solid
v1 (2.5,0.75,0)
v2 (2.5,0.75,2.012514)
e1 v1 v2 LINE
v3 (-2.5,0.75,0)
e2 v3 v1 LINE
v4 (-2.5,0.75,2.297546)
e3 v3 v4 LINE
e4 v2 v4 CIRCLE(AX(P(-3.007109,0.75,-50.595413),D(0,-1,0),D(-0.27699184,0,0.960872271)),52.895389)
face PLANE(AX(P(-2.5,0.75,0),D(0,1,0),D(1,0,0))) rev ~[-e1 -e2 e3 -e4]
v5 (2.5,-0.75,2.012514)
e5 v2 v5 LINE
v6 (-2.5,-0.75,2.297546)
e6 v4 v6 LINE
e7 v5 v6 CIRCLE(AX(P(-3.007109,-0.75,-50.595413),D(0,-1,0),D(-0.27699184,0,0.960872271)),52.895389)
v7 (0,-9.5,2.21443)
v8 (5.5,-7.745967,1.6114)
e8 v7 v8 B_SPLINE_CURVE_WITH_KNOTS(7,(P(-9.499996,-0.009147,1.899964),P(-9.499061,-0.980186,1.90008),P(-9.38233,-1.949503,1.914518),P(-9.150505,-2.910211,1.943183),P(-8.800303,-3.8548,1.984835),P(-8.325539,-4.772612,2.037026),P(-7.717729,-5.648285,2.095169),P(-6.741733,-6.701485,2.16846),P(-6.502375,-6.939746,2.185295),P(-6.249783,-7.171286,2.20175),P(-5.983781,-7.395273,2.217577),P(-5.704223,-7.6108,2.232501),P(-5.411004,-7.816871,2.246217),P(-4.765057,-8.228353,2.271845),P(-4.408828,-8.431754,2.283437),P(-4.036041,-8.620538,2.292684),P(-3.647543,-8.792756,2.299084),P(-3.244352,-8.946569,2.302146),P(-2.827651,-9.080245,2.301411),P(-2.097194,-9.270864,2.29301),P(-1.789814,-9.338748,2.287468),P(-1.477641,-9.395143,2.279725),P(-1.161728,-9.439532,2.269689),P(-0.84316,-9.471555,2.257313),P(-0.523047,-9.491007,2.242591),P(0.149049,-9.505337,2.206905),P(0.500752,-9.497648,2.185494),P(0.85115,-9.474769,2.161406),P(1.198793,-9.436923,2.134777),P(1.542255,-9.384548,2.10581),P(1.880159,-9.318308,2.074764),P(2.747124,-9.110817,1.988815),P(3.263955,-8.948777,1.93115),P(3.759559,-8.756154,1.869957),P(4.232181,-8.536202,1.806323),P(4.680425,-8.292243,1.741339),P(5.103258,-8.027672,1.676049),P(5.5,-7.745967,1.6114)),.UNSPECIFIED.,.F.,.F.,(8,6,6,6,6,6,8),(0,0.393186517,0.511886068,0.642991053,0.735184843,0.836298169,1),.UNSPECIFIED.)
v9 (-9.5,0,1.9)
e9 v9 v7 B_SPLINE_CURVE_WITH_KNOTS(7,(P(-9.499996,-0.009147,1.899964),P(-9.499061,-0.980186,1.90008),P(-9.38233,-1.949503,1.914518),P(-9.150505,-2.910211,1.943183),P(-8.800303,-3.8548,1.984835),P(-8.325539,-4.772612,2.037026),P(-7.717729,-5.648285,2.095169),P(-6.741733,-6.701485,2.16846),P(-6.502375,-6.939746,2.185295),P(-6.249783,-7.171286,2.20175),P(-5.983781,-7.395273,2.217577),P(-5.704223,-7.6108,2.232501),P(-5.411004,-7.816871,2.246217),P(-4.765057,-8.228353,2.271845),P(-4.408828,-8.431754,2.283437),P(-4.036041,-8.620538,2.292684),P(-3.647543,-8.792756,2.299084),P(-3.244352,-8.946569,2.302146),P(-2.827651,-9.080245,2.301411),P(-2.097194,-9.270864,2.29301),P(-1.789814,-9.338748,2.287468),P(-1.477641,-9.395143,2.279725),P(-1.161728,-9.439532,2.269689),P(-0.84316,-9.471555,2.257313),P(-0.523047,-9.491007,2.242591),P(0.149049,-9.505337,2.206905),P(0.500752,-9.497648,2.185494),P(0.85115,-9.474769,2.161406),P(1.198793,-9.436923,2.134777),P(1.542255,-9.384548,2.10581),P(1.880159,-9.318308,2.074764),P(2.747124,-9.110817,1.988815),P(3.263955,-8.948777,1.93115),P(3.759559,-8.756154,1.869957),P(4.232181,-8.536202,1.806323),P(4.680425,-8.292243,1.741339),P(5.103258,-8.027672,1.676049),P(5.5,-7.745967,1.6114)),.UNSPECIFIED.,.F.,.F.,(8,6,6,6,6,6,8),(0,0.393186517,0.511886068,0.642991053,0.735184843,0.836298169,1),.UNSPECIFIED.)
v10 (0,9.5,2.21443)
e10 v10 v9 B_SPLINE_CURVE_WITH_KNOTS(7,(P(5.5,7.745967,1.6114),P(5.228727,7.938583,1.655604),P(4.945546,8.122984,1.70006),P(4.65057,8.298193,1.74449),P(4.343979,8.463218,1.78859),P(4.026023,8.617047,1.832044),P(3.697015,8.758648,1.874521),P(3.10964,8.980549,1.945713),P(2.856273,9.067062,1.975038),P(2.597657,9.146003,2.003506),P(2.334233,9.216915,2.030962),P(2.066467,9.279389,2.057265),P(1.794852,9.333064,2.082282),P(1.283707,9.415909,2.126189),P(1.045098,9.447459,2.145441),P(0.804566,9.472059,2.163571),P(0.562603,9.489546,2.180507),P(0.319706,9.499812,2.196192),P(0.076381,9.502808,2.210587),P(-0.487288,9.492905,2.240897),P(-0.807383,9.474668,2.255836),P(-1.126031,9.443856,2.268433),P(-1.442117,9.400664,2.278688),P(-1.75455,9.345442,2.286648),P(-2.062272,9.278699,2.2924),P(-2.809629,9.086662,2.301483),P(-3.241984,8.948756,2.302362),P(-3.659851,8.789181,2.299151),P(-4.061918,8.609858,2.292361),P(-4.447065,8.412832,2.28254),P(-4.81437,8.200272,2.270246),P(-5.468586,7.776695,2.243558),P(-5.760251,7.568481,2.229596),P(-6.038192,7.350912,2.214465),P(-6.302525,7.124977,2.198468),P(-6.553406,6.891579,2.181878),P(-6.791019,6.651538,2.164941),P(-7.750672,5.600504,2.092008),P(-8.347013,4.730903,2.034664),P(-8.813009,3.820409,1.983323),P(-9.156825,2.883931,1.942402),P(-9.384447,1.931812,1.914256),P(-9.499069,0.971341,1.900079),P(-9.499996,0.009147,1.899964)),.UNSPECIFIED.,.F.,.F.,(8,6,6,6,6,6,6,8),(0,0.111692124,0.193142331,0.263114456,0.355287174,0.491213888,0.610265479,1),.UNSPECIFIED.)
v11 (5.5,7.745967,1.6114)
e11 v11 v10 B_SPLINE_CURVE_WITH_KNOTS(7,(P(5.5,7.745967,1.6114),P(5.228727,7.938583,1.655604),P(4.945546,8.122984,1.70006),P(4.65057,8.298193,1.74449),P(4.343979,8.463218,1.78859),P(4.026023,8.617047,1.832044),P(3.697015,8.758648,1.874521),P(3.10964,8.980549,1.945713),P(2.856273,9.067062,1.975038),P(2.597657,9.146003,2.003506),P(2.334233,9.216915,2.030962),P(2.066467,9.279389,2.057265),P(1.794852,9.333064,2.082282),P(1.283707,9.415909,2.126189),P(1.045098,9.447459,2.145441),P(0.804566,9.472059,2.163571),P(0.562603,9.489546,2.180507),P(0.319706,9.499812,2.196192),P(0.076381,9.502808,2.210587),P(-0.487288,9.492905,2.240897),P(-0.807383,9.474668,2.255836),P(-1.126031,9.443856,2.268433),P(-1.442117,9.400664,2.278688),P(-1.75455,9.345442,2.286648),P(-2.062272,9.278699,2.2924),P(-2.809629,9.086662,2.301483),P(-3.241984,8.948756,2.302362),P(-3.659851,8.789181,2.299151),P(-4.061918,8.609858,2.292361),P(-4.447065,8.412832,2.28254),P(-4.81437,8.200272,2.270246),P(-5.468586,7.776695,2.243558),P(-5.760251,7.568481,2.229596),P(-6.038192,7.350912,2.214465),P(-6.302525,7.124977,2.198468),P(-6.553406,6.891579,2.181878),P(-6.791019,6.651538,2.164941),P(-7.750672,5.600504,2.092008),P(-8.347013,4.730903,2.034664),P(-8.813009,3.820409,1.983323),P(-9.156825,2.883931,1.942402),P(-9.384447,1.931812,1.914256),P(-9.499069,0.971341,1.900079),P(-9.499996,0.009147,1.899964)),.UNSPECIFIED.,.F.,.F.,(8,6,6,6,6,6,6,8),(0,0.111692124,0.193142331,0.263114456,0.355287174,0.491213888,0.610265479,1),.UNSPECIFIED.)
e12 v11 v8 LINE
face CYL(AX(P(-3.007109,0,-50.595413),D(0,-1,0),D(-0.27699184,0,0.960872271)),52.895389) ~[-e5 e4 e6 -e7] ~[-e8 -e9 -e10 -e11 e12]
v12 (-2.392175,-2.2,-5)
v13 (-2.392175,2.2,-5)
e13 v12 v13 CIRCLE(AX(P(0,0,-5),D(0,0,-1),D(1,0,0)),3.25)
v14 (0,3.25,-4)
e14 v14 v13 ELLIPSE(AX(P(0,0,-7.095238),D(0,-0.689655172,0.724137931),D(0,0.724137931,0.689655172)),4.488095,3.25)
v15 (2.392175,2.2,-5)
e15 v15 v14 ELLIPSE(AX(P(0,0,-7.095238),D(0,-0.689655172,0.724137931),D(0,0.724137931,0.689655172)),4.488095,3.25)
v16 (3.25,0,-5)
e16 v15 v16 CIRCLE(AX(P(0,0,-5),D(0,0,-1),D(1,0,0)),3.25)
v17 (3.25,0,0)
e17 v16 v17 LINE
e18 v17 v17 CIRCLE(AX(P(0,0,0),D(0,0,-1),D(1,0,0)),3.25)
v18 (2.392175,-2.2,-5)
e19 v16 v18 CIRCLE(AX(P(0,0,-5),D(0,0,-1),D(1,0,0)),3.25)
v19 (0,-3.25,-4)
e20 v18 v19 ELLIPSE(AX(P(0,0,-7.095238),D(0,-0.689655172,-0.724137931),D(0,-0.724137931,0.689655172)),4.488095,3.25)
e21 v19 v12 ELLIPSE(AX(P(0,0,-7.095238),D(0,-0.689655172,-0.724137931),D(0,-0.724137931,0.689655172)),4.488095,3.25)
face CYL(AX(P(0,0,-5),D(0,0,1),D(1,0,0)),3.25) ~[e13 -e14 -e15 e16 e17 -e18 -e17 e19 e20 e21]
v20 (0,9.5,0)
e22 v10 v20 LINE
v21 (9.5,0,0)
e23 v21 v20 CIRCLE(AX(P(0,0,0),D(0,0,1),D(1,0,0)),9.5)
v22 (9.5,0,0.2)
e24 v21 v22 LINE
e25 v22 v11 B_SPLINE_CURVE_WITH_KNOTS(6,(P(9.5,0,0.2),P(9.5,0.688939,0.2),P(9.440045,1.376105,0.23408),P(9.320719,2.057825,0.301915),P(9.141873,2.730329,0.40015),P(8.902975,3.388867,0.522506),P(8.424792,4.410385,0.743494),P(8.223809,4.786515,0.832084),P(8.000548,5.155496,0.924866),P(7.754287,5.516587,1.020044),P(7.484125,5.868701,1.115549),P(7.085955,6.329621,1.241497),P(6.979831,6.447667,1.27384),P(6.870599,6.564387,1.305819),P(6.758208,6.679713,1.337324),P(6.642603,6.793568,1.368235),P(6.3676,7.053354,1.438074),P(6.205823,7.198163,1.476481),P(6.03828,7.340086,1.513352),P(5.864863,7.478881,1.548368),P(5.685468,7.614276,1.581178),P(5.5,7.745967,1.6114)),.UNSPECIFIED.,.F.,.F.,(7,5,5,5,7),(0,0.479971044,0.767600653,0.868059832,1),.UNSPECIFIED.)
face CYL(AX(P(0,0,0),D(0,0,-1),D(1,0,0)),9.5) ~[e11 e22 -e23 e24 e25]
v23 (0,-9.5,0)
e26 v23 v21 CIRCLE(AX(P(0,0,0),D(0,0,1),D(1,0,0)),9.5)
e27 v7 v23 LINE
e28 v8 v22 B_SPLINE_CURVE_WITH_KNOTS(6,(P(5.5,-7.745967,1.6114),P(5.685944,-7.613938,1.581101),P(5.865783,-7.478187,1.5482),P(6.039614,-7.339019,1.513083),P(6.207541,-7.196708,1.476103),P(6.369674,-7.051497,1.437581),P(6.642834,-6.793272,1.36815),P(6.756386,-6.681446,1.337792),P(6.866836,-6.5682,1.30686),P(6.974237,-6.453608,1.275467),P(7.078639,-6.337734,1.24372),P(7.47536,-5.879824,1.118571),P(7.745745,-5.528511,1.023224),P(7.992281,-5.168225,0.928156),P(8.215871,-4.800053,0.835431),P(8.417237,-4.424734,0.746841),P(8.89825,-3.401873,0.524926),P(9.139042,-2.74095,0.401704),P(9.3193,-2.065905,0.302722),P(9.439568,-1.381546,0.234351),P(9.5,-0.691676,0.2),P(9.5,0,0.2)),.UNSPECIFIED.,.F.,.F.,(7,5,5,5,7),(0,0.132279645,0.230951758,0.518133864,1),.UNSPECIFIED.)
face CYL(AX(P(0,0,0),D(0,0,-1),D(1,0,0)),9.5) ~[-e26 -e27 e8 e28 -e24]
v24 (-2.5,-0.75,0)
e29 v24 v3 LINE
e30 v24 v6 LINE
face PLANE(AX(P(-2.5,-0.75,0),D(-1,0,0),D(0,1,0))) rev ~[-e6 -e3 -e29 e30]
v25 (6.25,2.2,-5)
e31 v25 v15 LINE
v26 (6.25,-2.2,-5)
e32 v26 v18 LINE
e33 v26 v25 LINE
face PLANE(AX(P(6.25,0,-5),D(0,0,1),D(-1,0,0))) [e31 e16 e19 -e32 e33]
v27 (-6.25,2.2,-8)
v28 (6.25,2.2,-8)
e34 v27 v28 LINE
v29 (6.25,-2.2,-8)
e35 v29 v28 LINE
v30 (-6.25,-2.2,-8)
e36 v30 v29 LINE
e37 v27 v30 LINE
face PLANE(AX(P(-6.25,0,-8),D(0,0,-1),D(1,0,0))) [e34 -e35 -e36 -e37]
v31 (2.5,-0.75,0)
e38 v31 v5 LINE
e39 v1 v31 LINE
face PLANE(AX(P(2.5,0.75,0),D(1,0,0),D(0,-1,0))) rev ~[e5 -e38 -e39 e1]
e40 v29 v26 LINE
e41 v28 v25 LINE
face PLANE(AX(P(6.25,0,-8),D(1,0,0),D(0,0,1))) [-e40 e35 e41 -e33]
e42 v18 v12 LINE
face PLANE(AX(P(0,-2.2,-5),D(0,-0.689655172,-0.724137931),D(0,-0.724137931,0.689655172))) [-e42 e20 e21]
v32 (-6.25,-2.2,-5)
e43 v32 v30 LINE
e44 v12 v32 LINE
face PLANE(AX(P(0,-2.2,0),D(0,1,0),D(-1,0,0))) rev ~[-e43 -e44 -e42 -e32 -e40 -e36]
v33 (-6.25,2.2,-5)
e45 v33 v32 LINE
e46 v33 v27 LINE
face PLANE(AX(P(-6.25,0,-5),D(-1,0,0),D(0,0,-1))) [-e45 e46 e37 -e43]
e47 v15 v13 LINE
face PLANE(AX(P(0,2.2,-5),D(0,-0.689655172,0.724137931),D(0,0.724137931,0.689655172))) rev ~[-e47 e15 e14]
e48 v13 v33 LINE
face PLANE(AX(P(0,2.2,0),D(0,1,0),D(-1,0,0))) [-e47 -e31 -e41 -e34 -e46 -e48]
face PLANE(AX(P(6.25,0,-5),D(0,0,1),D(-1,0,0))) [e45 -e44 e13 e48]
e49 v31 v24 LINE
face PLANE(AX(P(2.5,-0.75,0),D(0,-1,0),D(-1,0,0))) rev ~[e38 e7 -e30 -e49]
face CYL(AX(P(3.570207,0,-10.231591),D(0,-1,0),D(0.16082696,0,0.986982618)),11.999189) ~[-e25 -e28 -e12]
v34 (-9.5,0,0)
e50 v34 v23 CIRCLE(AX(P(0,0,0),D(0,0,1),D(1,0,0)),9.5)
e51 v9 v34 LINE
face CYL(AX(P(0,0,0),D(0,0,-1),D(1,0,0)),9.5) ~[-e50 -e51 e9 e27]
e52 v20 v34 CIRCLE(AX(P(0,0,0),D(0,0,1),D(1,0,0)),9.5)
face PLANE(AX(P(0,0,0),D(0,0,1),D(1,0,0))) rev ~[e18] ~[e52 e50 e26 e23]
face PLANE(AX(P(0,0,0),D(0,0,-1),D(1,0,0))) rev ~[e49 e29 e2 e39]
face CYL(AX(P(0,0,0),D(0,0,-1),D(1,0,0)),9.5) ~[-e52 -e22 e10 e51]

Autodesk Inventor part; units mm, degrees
ref_plane "YZ Plane" through (0, 0, 0) normal (1, 0, 0) x (0, 1, 0)
ref_plane "XZ Plane" through (0, 0, 0) normal (0, 1, 0) x (-1, 0, 0)
ref_plane "XY Plane" through (0, 0, 0) normal (0, 0, 1) x (1, 0, 0)
sketch "Sketch1" plane through (0, 0, 0) normal (0, 0, 1) x (1, 0, 0)
  circle A0 centre (0, 0) radius 9.5
  line L0 (-2.5, 0.75) -> (2.5, 0.75)
  line L1 (2.5, 0.75) -> (2.5, -0.75)
  line L2 (2.5, -0.75) -> (-2.5, -0.75)
  line L3 (-2.5, -0.75) -> (-2.5, 0.75)
  line L4 (0, -0.75) -> (0, 0.75) construction
  line L5 (0, -13.3) -> (0, 13.3) construction
  line L6 (-13.3, 0) -> (13.3, 0) construction
  point P0 (2.5, 0)
  dimension "d0" = 19
  dimension "d1" = 1.5
  dimension "d2" = 5
extrude "Extrusion1" add sketch "Sketch1" along normal blind 2.3
sketch "Sketch2" plane through (0, 0, 0) normal (0, 1, 0) x (-1, 0, 0)
  line L0 (-2.5, 2.3) -> (2.5, 2.3) construction
  line L1 (2.5, 2.3) -> (-2.5, 2.3) construction
  line L2 (-9.5, 2.3) -> (9.5, 2.3) construction
  line L3 (-9.5, 2.3) -> (9.5, 2.3) construction
  line L4 (-2.5, 0) -> (2.5, 0) construction
  line L5 (2.5, 0) -> (-2.5, 0) construction
  line L6 (-9.5, 0) -> (9.5, 0) construction
  line L7 (-9.5, 0) -> (-9.5, 0.2)
  line L8 (-9.5, 0) -> (9.5, 0)
  line L9 (9.5, 0) -> (9.5, 1.9)
  arc A0 (-5.5, 1.6114) -> (-9.5, 0.2) centre (-3.57, -10.2324) ccw
  arc A1 (17.6587, 0.2303) -> (-5.5, 1.6114) centre (3.0073, -50.5943) ccw
  point P0 (0, 0)
  dimension "d5" = 12
  dimension "d6" = 0.2
  dimension "d8" = 1.9
  dimension "d9" = 4
extrude "Extrusion2" cut sketch "Sketch2" along normal through all both and the other way through all keep common part
sketch "Sketch3" plane through (0, 0, 0) normal (0, 1, 0) x (-1, 0, 0)
  line L0 (-2.5, 0) -> (2.5, 0) construction
  line L1 (2.5, 0) -> (-2.5, 0) construction
  line L2 (-9.5, 0) -> (9.5, 0) construction
  line L3 (-3.25, 0) -> (0, 0)
  line L4 (0, 0) -> (0, -5)
  line L5 (0, -5) -> (-3.25, -5)
  line L6 (-3.25, -5) -> (-3.25, 0)
  point P0 (0, 0)
  dimension "d12" = 3.25
  dimension "d13" = 5
revolve "Revolution1" add sketch "Sketch3" angle 360 about axis through (0, 0, 0) along (0, 0, -1)
sketch "Sketch4" plane through (0, 0, 0) normal (0, 1, 0) x (-1, 0, 0)
  line L0 (-6.25, -5) -> (6.25, -5)
  line L1 (6.25, -5) -> (6.25, -8)
  line L2 (6.25, -8) -> (-6.25, -8)
  line L3 (-6.25, -8) -> (-6.25, -5)
  line L4 (0, -12.0667) -> (0, 4.6989) construction
  line L5 (3.25, -5) -> (-3.25, -5) construction
  point P0 (0, 0)
  point P1 (0, -5)
  dimension "d16" = 3
  dimension "d17" = 12.5
extrude "Extrusion3" add sketch "Sketch4" along normal blind 2.2 and the other way blind 2.2
sketch "Sketch5" plane through (0, 0, 0) normal (1, 0, 0) x (0, 1, 0)
  line L0 (2.2, -5) -> (2.2, -8) construction
  line L1 (2.2, -8) -> (2.2, -5) construction
  line L2 (3.25, -5) -> (3.25, 0) construction
  line L3 (-3.25, -5) -> (-3.25, 0) construction
  line L4 (-2.2, -5) -> (-2.2, -8) construction
  line L5 (-2.2, -8) -> (-2.2, -5) construction
  line L6 (-2.2, -5) -> (-3.25, -4)
  line L7 (2.2, -5) -> (3.25, -4)
  line L8 (3.25, -4) -> (-3.25, -4)
  line L9 (-2.2, -5) -> (-3.25, -5)
  line L10 (-3.25, -5) -> (-3.25, -4)
  line L11 (2.2, -5) -> (3.25, -5)
  line L12 (3.25, -4) -> (3.25, -5)
  point P0 (0, 0)
  point P1 (2.2, -5)
  point P2 (2.2, -5)
  dimension "d23" = 1
extrude "Extrusion4" cut sketch "Sketch5" along normal through all both and the other way through all
properties part number "CRX brake light housing retainer"
